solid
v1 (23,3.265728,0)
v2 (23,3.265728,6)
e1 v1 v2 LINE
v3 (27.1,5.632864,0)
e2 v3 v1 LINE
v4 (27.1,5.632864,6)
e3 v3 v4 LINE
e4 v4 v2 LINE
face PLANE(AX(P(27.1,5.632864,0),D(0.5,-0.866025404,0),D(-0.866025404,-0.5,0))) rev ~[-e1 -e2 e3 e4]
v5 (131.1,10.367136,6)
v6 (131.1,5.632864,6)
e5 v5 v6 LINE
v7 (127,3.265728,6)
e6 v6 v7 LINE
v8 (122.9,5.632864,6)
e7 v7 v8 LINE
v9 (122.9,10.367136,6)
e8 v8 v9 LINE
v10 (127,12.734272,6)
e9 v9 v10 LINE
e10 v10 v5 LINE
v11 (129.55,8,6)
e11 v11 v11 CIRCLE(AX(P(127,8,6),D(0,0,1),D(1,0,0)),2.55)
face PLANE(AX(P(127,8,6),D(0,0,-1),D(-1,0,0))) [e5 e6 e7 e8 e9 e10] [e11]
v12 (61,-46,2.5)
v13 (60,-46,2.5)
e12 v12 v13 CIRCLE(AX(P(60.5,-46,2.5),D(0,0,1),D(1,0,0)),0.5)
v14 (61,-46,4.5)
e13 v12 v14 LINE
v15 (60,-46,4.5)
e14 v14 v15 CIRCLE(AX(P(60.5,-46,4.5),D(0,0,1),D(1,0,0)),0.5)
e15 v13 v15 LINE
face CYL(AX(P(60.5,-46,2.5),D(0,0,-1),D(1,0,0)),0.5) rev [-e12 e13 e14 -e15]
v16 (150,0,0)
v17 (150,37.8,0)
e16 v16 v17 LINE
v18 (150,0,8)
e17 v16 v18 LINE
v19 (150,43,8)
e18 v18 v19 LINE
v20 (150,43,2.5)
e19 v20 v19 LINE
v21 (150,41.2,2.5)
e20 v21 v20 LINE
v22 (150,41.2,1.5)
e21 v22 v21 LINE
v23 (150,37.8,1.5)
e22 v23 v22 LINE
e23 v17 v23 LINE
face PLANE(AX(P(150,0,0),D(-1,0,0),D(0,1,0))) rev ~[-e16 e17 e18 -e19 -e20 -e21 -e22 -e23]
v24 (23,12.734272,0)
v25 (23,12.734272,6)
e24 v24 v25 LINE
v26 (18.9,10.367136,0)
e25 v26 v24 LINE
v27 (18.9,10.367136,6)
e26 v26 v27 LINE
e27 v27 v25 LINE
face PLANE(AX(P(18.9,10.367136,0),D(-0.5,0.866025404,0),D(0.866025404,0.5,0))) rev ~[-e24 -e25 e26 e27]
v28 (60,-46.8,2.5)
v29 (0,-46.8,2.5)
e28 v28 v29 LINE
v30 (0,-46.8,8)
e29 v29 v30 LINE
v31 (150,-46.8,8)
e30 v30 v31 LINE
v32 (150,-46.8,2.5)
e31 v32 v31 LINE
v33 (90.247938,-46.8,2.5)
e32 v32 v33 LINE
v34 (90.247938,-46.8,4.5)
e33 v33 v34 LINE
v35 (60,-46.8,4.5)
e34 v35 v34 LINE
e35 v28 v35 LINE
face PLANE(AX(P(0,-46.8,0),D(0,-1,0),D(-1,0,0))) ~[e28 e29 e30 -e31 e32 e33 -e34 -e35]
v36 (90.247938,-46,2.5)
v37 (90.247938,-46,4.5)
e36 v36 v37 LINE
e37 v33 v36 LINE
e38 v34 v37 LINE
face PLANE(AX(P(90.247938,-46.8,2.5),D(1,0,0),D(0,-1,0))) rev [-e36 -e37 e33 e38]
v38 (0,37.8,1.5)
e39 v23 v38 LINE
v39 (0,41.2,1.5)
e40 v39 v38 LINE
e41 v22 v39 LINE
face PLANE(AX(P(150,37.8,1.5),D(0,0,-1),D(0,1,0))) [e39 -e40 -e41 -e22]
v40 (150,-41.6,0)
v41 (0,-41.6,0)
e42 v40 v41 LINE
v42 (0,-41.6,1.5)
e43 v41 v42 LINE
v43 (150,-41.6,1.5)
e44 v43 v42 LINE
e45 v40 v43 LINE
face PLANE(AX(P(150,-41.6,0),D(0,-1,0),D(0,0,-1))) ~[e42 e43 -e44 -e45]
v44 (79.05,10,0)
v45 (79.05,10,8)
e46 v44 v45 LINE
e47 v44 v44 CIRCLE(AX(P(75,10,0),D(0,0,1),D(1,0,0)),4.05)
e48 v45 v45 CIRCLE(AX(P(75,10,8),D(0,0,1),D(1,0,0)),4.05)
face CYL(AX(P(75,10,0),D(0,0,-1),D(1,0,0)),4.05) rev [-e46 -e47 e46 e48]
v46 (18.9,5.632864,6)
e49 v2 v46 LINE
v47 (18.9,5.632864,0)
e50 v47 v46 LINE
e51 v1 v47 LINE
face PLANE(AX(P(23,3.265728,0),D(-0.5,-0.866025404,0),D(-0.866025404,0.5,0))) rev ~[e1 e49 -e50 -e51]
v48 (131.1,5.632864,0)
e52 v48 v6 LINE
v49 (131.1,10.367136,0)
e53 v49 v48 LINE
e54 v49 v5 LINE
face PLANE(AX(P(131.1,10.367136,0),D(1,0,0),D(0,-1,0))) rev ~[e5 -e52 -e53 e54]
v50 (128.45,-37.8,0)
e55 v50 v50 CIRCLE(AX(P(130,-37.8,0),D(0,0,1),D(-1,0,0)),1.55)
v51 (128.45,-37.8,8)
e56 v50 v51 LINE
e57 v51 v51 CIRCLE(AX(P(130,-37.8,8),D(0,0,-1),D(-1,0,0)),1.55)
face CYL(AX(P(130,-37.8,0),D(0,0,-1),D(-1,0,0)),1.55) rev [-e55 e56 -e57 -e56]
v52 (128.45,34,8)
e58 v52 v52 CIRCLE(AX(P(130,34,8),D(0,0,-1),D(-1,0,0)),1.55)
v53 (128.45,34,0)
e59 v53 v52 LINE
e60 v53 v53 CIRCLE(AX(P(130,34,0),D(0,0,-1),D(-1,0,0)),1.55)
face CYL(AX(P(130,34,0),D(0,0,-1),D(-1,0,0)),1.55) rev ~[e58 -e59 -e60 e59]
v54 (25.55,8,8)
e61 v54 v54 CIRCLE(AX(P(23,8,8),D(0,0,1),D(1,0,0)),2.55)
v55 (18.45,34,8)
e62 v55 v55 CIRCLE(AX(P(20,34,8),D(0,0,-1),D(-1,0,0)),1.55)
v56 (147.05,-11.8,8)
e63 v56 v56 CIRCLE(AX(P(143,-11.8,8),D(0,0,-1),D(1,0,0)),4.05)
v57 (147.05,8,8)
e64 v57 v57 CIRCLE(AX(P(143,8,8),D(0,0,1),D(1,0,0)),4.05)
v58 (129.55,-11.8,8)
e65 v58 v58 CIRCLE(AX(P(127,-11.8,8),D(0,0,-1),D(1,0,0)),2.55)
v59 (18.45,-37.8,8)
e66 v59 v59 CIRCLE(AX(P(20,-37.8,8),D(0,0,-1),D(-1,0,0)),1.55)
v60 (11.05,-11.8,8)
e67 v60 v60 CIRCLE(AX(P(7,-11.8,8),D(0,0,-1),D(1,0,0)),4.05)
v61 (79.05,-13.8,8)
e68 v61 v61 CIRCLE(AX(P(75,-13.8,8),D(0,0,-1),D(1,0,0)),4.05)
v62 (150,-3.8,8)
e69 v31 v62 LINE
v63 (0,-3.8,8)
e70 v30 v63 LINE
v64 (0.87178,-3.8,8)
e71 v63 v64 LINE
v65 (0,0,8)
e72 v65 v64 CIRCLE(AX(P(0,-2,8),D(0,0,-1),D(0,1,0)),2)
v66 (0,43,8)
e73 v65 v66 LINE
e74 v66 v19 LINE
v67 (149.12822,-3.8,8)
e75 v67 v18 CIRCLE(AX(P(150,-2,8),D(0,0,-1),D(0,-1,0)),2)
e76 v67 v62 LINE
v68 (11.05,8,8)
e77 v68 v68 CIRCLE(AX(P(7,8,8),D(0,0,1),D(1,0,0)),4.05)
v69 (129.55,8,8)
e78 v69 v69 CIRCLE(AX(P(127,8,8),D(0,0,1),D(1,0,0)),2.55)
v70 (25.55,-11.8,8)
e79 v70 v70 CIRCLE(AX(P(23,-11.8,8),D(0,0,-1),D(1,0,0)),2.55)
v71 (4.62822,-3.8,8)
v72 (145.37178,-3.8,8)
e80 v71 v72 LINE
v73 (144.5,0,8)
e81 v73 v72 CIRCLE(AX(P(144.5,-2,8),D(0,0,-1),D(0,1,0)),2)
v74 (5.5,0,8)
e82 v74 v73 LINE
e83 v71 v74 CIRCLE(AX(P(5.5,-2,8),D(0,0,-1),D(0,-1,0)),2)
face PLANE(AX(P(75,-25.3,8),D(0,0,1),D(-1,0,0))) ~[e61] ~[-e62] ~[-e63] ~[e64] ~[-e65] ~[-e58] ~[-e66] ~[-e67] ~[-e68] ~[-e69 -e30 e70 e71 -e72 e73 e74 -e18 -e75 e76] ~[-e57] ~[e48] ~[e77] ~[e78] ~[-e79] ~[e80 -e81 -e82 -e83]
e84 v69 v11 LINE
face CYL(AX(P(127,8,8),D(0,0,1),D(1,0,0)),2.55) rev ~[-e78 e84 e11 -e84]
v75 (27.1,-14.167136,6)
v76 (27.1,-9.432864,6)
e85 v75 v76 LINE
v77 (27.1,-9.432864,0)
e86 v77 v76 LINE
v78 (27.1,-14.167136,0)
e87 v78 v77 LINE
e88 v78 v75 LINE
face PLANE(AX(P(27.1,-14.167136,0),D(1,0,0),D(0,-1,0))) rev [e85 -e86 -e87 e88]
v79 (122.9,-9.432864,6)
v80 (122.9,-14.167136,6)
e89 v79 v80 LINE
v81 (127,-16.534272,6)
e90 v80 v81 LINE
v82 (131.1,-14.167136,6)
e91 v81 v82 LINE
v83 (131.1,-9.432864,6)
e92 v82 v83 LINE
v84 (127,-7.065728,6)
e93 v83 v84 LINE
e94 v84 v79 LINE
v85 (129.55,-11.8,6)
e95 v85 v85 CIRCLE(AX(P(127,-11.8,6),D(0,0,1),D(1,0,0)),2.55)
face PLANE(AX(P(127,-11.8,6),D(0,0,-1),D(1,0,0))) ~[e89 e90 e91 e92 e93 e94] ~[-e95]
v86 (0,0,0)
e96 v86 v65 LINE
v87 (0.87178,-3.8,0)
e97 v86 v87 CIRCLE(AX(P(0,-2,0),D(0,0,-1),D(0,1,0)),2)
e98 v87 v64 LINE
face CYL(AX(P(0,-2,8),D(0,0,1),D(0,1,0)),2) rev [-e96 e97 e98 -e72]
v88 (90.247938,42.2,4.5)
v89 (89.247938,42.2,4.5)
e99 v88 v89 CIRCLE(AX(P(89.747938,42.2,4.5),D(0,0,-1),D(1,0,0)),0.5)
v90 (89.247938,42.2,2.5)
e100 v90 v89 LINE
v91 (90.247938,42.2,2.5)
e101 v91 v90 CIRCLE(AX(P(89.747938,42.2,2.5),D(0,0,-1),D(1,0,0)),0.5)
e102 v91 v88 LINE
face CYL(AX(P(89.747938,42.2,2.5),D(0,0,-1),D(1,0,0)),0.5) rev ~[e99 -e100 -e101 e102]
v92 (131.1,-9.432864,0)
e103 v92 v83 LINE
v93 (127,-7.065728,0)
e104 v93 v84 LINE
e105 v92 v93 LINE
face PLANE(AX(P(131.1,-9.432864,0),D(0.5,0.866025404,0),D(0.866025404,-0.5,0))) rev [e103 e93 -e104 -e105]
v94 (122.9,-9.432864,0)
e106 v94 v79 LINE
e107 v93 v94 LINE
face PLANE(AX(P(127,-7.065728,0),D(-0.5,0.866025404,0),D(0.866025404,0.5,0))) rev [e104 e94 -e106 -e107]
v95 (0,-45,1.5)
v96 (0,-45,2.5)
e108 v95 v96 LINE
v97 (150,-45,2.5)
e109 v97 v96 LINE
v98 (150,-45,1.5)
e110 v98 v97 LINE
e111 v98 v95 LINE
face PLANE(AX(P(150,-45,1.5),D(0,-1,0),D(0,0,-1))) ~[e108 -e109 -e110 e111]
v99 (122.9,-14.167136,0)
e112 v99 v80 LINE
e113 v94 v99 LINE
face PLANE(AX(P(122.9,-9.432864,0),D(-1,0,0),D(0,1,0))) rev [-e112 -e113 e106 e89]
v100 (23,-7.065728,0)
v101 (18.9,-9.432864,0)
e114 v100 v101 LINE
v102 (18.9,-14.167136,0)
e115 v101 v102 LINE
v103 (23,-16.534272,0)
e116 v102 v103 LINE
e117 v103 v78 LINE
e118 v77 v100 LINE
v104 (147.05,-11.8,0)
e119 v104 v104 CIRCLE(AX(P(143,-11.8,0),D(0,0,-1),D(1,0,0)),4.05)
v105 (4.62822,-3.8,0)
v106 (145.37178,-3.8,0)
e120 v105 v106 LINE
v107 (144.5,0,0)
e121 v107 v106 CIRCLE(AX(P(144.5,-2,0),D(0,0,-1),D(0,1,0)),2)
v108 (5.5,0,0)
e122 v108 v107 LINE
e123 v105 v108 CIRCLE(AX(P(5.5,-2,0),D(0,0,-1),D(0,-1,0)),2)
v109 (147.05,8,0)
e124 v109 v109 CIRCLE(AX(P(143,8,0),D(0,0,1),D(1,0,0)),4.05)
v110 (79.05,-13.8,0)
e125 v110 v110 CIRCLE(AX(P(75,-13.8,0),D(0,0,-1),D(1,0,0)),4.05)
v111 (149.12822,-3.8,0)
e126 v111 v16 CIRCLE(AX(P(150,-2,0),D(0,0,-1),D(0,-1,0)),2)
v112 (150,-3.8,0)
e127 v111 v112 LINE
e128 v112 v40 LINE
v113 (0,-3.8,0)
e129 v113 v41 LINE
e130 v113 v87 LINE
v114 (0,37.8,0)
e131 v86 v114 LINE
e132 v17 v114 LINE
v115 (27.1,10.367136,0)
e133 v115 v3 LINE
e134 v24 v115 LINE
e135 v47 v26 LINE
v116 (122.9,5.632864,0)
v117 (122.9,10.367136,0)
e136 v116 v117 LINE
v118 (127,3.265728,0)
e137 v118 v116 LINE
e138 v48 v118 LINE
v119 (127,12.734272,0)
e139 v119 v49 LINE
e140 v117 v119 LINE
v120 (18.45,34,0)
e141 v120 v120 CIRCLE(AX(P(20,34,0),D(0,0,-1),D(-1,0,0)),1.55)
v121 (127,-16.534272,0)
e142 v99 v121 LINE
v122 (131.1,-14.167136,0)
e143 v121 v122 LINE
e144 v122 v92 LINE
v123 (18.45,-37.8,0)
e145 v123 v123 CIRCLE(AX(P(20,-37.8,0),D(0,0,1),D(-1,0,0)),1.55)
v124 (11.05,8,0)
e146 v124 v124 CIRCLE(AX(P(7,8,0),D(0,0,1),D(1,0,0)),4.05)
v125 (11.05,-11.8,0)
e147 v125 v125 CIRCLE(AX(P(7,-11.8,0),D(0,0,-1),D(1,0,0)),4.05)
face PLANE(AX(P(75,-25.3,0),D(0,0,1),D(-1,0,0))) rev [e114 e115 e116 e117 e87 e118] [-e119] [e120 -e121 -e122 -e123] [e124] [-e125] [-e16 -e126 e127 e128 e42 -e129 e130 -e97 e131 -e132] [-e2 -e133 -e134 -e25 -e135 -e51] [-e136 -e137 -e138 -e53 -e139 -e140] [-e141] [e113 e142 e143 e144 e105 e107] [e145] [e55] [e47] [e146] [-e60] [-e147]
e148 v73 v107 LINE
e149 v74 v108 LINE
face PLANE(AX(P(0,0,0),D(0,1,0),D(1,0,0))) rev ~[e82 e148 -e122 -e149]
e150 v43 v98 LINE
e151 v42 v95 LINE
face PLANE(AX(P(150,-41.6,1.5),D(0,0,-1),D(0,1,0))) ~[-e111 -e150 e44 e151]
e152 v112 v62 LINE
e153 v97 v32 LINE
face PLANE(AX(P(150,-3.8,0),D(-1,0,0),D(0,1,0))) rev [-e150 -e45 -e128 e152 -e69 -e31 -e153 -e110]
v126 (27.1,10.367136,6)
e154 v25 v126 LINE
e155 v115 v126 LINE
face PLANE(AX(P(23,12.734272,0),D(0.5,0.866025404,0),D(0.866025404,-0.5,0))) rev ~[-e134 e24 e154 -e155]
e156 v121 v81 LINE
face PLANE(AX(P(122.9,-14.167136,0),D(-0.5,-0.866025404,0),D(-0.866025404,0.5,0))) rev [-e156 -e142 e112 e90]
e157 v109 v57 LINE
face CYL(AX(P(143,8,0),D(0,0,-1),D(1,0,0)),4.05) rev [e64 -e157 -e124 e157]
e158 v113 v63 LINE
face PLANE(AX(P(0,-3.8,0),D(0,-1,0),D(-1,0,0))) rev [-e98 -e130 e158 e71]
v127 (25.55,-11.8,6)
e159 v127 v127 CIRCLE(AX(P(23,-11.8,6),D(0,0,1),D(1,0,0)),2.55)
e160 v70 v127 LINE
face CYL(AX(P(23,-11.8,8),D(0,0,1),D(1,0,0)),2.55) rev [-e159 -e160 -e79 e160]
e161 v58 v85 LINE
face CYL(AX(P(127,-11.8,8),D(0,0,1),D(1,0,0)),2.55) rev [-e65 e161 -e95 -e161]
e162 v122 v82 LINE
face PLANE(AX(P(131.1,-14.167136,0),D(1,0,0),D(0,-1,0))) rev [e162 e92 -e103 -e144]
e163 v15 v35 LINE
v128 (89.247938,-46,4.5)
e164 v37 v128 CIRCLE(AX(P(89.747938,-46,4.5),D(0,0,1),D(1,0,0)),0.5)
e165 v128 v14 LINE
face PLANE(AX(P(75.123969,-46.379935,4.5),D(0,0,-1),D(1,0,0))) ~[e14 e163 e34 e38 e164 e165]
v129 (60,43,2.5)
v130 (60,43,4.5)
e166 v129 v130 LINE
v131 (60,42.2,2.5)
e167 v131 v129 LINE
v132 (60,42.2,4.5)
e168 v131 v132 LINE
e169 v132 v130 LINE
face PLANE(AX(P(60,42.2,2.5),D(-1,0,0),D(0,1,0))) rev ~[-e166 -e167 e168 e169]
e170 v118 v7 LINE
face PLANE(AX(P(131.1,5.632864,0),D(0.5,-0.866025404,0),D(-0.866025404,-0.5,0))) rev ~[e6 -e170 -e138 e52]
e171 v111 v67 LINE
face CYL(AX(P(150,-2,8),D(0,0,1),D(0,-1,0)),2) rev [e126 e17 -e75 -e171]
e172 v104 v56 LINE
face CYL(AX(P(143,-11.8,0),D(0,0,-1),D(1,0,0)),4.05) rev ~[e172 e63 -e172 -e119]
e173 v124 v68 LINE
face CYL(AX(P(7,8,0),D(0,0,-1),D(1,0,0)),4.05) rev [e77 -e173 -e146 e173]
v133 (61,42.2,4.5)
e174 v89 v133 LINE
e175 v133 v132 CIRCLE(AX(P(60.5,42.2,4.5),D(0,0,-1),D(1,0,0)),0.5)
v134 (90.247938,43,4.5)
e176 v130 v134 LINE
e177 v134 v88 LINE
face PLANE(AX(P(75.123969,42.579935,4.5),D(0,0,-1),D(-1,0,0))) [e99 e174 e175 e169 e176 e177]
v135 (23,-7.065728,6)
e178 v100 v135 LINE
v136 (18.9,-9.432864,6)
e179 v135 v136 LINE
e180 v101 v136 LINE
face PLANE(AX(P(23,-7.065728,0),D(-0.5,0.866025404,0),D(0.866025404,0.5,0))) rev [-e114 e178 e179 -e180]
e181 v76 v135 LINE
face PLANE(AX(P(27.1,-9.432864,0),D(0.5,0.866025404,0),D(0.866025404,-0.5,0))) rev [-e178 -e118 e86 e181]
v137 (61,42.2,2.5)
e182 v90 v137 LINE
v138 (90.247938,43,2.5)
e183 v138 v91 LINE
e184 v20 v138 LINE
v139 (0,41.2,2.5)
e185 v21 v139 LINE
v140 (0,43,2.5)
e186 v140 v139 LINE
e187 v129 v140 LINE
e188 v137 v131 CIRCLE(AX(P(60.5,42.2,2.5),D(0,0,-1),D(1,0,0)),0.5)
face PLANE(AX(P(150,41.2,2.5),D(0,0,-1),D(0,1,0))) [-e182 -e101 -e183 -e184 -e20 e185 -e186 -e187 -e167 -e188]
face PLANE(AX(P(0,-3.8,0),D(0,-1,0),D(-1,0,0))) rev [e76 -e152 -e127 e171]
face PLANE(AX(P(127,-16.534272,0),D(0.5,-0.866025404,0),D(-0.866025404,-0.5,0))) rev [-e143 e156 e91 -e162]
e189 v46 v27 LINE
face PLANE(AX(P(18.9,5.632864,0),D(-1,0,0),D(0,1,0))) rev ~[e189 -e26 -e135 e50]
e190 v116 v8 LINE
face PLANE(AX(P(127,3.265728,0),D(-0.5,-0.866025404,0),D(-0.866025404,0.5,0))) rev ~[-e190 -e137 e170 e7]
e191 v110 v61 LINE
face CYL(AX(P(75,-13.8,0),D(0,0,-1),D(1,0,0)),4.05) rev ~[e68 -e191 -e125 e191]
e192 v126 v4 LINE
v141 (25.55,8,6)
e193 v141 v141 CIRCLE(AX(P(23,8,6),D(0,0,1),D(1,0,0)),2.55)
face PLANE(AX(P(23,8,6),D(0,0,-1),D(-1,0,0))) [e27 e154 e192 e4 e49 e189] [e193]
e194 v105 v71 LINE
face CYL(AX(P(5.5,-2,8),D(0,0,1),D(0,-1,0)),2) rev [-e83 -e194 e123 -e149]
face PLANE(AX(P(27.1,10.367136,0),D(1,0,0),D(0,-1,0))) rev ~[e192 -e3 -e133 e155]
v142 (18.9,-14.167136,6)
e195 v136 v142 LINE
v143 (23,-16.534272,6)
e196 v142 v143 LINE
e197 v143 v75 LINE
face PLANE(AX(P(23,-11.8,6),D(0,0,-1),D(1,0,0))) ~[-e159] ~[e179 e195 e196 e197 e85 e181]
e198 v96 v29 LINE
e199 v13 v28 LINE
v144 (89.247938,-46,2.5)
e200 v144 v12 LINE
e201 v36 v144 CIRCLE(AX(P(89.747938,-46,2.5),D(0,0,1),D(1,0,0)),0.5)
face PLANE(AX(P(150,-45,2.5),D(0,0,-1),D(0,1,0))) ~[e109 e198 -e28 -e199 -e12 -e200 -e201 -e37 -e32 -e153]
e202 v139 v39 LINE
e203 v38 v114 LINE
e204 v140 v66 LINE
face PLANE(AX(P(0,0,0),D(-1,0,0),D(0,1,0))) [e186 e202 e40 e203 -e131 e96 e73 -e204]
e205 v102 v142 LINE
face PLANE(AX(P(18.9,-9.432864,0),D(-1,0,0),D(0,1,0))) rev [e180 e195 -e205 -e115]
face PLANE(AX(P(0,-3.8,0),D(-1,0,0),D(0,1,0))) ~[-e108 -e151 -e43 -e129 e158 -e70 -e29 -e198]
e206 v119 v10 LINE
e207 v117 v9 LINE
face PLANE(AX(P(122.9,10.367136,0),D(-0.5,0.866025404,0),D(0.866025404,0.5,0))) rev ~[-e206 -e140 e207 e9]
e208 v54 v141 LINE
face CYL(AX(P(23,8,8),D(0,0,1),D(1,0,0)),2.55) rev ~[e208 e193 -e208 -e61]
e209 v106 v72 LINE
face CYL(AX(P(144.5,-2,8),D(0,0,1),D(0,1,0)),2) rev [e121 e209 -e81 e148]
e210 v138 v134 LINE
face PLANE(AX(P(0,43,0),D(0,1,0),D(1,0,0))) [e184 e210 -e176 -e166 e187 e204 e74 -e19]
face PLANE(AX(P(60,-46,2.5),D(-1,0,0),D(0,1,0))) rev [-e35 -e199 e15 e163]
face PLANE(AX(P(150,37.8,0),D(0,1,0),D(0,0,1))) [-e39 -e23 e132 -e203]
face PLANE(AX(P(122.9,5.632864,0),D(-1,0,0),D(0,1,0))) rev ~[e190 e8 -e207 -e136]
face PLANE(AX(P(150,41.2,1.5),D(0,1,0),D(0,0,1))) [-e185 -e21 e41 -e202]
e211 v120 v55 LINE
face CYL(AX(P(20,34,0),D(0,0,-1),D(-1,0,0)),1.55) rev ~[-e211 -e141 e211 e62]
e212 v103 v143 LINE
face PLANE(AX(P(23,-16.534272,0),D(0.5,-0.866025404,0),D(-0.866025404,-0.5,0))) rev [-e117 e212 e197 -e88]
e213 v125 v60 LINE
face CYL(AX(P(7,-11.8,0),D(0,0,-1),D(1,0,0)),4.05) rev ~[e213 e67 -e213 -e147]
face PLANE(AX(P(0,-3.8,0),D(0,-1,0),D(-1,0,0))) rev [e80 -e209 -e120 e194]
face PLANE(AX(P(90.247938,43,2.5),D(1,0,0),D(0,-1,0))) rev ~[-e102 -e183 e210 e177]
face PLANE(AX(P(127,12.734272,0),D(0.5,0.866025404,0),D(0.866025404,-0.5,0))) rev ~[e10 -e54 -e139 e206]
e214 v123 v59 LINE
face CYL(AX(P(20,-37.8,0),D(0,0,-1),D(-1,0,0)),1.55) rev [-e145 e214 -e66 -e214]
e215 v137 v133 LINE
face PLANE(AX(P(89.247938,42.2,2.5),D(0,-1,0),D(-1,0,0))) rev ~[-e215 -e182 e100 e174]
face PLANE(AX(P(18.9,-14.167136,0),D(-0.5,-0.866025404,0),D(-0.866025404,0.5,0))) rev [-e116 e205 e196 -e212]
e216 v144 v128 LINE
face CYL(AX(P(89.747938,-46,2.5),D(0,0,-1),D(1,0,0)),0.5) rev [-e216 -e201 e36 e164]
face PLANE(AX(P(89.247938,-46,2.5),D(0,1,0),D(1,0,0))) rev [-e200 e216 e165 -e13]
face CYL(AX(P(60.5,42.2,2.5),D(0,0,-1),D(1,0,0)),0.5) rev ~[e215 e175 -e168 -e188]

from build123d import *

# Parameters (mm, degrees)
SKETCH_2_W           = 150
SKETCH_2_H           = 43
SKETCH_2_R           = 4.05
EXTRUDE_1_DEPTH      = 8
SKETCH_3_R           = 2.55
CUT_EXTRUDE_1_DEPTH  = 157.246599963
CUT_EXTRUDE_16_DEPTH = 6
CUT_EXTRUDE_2_DEPTH  = 157.246599963
SKETCH_25_R          = 1.55
CUT_EXTRUDE_13_DEPTH = 157.246599963
CUT_EXTRUDE_11_DEPTH = 2
EXTRUDE_2_DEPTH      = 8


with BuildPart() as part:
    # 草图2 → 凸台-拉伸1 (new body)
    with BuildSketch(Plane.XY):
        with Locations((75, 21.5)):
            Rectangle(SKETCH_2_W, SKETCH_2_H)
        with Locations((7, 8)):
            Circle(SKETCH_2_R, mode=Mode.SUBTRACT)
        with Locations((75, 10)):
            Circle(SKETCH_2_R, mode=Mode.SUBTRACT)
        with Locations((143, 8)):
            Circle(SKETCH_2_R, mode=Mode.SUBTRACT)
    extrude_1 = extrude(amount=EXTRUDE_1_DEPTH)

    # 草图3 → 切除-拉伸1 (cut, through all)
    with BuildSketch(Plane.XY.offset(8)):
        with Locations((23, 8)):
            Circle(SKETCH_3_R)
        with Locations((127, 8)):
            Circle(SKETCH_3_R)
    cut_extrude_1 = extrude(amount=-CUT_EXTRUDE_1_DEPTH, mode=Mode.SUBTRACT)

    # 草图28 → 切除-拉伸16 (cut)
    with BuildSketch(Plane(origin=(0, 0, 0), x_dir=(-1, 0, 0), z_dir=(0, 0, -1))):
        Polygon((-122.9, 5.632863896), (-122.9, 10.367136104), (-127, 12.734272207), (-131.1, 10.367136104), (-131.1, 5.632863896), (-127, 3.265727793), align=None)
        Polygon((-18.9, 5.632863896), (-18.9, 10.367136104), (-23, 12.734272207), (-27.1, 10.367136104), (-27.1, 5.632863896), (-23, 3.265727793), align=None)
    cut_extrude_16 = extrude(amount=-CUT_EXTRUDE_16_DEPTH, mode=Mode.SUBTRACT)

    # 草图4 → 切除-拉伸2 (cut, through all)
    with BuildSketch(Plane(origin=(150, 0, 0), x_dir=(0, 0, -1), z_dir=(1, 0, 0))):
        Polygon((-1.5, 41.2), (-2.5, 41.2), (-2.5, 43), (0, 43), (0, 37.8), (-1.5, 37.8), align=None)
    cut_extrude_2 = extrude(amount=-CUT_EXTRUDE_2_DEPTH, mode=Mode.SUBTRACT)

    # 草图25 → 切除-拉伸13 (cut, through all)
    with BuildSketch(Plane(origin=(0, 0, 0), x_dir=(-1, 0, 0), z_dir=(0, 0, -1))):
        with Locations((-130, 34)):
            Circle(SKETCH_25_R)
        with Locations((-20, 34)):
            Circle(SKETCH_25_R)
    cut_extrude_13 = extrude(amount=-CUT_EXTRUDE_13_DEPTH, mode=Mode.SUBTRACT)

    # 草图19 → 切除-拉伸11 (cut)
    with BuildSketch(Plane(origin=(0, 0, 2.5), x_dir=(-1, 0, 0), z_dir=(0, 0, -1))):
        with BuildLine():
            Line((-60, 43), (-90.247938178, 43))
            Line((-90.247938178, 43), (-90.247938178, 42.2))
            ThreePointArc((-90.247938178, 42.2), (-89.747938178, 41.7), (-89.247938178, 42.2))
            Line((-89.247938178, 42.2), (-61, 42.2))
            ThreePointArc((-61, 42.2), (-60.5, 41.7), (-60, 42.2))
            Line((-60, 42.2), (-60, 43))
        make_face()
    cut_extrude_11 = extrude(amount=-CUT_EXTRUDE_11_DEPTH, mode=Mode.SUBTRACT)

    # 草图22 → 凸台-拉伸2 (add)
    with BuildSketch(Plane.XY.offset(8)):
        with BuildLine():
            Line((0, -4), (5.5, -4))
            ThreePointArc((5.5, -4), (3.5, -2), (5.5, 0))
            Line((5.5, 0), (0, 0))
            ThreePointArc((0, 0), (2, -2), (0, -4))
        make_face()
        with BuildLine():
            Line((150, 0), (144.5, 0))
            ThreePointArc((144.5, 0), (146.5, -2), (144.5, -4))
            Line((144.5, -4), (150, -4))
            ThreePointArc((150, -4), (148, -2), (150, 0))
        make_face()
    extrude(amount=-EXTRUDE_2_DEPTH)

    # 镜向2: 凸台-拉伸1, 切除-拉伸1, 切除-拉伸16, 切除-拉伸2, 切除-拉伸13, 切除-拉伸11 across plane
    add(extrude_1.mirror(Plane(origin=(0, -1.9, 0), x_dir=(0, 0, 1), z_dir=(0, -1, 0))))
    add(cut_extrude_1.mirror(Plane(origin=(0, -1.9, 0), x_dir=(0, 0, 1), z_dir=(0, -1, 0))), mode=Mode.SUBTRACT)
    add(cut_extrude_16.mirror(Plane(origin=(0, -1.9, 0), x_dir=(0, 0, 1), z_dir=(0, -1, 0))), mode=Mode.SUBTRACT)
    add(cut_extrude_2.mirror(Plane(origin=(0, -1.9, 0), x_dir=(0, 0, 1), z_dir=(0, -1, 0))), mode=Mode.SUBTRACT)
    add(cut_extrude_13.mirror(Plane(origin=(0, -1.9, 0), x_dir=(0, 0, 1), z_dir=(0, -1, 0))), mode=Mode.SUBTRACT)
    add(cut_extrude_11.mirror(Plane(origin=(0, -1.9, 0), x_dir=(0, 0, 1), z_dir=(0, -1, 0))), mode=Mode.SUBTRACT)


solid = part.part
